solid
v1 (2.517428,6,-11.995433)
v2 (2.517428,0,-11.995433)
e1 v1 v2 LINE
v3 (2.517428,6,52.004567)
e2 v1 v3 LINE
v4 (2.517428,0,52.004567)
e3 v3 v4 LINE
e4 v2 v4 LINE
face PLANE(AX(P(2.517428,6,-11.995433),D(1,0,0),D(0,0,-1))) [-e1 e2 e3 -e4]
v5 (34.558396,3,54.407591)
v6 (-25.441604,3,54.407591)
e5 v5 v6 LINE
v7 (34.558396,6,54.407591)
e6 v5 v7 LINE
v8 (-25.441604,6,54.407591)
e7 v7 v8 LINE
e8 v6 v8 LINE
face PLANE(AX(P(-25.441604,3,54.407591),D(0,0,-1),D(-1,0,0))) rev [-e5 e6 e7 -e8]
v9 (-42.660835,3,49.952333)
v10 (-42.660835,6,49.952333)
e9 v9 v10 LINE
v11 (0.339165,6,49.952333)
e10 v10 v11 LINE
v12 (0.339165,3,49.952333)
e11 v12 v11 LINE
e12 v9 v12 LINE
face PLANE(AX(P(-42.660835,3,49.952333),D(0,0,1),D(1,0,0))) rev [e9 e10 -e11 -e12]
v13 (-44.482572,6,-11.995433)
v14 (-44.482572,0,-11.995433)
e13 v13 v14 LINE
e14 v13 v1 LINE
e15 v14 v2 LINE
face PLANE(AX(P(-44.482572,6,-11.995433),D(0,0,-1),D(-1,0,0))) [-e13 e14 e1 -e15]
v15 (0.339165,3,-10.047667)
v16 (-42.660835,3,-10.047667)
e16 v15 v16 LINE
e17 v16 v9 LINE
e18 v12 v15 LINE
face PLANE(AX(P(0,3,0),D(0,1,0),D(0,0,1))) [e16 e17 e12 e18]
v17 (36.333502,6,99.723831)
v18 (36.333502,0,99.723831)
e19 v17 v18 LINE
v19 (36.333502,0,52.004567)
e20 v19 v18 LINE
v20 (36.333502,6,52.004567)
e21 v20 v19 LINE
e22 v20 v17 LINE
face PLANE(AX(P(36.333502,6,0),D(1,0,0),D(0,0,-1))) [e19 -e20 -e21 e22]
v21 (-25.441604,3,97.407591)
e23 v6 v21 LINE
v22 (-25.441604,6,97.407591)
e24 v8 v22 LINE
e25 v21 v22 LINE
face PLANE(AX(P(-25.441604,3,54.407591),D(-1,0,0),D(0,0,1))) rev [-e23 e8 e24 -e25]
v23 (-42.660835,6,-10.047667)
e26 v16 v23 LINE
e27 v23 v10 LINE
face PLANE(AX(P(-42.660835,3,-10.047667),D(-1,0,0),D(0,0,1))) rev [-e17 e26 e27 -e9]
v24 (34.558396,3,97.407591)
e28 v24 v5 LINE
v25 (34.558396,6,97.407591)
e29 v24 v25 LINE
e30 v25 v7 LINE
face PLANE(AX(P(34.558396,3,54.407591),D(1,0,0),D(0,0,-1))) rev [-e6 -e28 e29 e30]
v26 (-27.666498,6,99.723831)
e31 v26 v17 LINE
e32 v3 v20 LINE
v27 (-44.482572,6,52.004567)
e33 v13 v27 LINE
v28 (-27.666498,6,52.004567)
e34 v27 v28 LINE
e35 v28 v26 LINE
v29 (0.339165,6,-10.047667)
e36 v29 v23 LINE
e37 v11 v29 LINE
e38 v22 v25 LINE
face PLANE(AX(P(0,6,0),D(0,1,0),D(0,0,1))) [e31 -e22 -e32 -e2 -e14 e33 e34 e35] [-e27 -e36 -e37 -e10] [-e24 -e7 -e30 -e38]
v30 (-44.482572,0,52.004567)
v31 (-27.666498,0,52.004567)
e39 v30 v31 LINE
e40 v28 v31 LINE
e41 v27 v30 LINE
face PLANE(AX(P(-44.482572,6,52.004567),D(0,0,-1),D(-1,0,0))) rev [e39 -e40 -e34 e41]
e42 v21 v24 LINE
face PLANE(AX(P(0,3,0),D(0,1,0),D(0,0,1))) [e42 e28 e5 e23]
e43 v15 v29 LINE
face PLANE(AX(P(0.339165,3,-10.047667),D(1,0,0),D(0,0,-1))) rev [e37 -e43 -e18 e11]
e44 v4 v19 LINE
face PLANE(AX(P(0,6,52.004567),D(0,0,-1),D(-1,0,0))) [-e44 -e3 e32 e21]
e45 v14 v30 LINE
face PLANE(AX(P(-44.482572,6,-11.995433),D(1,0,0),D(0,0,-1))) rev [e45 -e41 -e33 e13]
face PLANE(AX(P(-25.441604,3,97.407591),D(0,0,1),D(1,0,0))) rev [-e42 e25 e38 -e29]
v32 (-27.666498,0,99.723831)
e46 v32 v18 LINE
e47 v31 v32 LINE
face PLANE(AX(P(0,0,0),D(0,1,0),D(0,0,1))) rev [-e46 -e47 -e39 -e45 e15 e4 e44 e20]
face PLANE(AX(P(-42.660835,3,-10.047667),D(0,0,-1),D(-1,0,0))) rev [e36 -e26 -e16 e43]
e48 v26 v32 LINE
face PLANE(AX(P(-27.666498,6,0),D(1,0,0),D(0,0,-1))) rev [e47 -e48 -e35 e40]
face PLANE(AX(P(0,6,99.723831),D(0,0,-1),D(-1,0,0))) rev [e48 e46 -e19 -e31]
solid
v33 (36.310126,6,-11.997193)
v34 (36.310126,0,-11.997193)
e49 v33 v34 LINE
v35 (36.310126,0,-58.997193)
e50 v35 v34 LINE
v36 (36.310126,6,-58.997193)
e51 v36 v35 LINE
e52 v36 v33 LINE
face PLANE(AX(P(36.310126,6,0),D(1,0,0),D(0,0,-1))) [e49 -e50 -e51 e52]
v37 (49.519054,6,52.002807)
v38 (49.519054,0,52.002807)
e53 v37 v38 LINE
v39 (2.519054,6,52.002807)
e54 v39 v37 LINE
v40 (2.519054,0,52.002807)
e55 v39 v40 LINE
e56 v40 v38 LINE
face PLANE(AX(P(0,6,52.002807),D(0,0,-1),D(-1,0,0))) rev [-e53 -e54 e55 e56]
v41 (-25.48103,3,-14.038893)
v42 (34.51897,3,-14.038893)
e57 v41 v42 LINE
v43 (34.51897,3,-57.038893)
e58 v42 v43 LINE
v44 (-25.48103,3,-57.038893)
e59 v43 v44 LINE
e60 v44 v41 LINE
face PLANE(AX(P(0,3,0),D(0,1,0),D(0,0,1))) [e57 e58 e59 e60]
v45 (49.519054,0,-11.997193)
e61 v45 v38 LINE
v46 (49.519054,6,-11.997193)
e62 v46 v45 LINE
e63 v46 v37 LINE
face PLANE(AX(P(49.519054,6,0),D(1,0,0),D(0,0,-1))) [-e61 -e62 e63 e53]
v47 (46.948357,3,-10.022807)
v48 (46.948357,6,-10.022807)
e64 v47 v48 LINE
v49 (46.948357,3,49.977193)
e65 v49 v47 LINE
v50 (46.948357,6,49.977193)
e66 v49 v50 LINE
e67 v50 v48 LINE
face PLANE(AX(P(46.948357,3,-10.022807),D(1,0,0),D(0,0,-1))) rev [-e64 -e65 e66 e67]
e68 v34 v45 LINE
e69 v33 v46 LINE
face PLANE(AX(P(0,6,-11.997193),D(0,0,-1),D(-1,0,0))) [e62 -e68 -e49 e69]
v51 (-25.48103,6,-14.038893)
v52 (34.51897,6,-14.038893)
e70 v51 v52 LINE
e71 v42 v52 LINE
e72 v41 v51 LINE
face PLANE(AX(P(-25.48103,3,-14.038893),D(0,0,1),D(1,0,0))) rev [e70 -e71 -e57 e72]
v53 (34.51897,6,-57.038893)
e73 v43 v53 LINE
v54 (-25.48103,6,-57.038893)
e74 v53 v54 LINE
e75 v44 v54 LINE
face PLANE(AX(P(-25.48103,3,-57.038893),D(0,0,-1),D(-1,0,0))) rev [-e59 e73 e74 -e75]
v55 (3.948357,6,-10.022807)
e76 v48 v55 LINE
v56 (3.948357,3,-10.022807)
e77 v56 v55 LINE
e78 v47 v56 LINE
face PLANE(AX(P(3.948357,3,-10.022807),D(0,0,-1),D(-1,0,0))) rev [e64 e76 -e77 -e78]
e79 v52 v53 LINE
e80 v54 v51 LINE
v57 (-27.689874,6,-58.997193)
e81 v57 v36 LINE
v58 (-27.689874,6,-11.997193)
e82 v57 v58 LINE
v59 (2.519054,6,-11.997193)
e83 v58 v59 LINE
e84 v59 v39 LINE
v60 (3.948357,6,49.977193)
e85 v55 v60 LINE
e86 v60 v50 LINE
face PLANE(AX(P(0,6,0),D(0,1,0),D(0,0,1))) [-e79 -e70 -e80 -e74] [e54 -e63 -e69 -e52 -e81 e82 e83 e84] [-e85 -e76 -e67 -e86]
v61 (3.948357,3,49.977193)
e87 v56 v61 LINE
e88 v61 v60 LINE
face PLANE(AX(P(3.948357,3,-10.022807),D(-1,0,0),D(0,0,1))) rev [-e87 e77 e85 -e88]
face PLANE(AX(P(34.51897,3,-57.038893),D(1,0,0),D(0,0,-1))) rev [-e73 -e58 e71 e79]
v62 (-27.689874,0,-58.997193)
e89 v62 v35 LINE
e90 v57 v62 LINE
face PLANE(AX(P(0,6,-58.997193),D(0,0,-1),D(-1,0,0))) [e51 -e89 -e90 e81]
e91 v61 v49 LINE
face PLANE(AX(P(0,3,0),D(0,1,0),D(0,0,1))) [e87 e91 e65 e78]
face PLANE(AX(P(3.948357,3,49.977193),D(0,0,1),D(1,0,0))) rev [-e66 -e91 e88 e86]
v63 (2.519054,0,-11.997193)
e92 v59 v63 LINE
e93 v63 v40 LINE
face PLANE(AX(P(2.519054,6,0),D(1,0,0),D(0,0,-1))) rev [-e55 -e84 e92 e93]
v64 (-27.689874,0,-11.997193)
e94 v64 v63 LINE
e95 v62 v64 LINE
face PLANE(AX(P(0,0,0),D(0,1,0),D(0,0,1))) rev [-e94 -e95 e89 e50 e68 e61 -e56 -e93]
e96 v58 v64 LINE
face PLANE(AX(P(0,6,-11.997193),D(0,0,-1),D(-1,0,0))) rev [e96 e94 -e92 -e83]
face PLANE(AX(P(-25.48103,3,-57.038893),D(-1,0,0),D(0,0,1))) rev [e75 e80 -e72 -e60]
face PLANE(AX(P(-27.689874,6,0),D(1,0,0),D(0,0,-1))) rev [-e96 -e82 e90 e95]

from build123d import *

# Parameters (mm, degrees)
SKETCH_1_W          = 64
SKETCH_1_H          = 47
SKETCH_1_H_2        = 47.71926336
SKETCH_1_W_2        = 47
SKETCH_1_H_3        = 64
EXTRUDE_1_DEPTH     = 6
SKETCH_2_W          = 60
SKETCH_2_H          = 43
SKETCH_2_W_2        = 43
SKETCH_2_H_2        = 60
CUT_EXTRUDE_1_DEPTH = 3


with BuildPart() as part:
    # 草图1 → 凸台-拉伸1 (new body)
    with BuildSketch(Plane(origin=(0, 0, 0), x_dir=(1, 0, 0), z_dir=(0, 1, 0))):
        with Locations((4.310126327, 35.497193317)):
            Rectangle(SKETCH_1_W, SKETCH_1_H)
        Polygon((49.519053615, 11.997193317), (36.310126327, 11.997193317), (2.519053615, 11.997193317), (2.519053615, -52.002806683), (49.519053615, -52.002806683), align=None)
        with Locations((4.33350212, -75.864199044)):
            Rectangle(SKETCH_1_W, SKETCH_1_H_2)
        with Locations((-20.982571512, -20.004567364)):
            Rectangle(SKETCH_1_W_2, SKETCH_1_H_3)
    extrude(amount=EXTRUDE_1_DEPTH)

    # 草图2 → 切除-拉伸1 (cut)
    with BuildSketch(Plane(origin=(0, 6, 0), x_dir=(1, 0, 0), z_dir=(0, 1, 0))):
        with Locations((4.51896996, 35.538893407)):
            Rectangle(SKETCH_2_W, SKETCH_2_H)
        with Locations((4.558396391, -75.907591109)):
            Rectangle(SKETCH_2_W, SKETCH_2_H)
        with Locations((25.448357336, -19.977193446)):
            Rectangle(SKETCH_2_W_2, SKETCH_2_H_2)
        with Locations((-21.160835481, -19.952332993)):
            Rectangle(SKETCH_2_W_2, SKETCH_2_H_2)
    extrude(amount=-CUT_EXTRUDE_1_DEPTH, mode=Mode.SUBTRACT)


solid = part.part
